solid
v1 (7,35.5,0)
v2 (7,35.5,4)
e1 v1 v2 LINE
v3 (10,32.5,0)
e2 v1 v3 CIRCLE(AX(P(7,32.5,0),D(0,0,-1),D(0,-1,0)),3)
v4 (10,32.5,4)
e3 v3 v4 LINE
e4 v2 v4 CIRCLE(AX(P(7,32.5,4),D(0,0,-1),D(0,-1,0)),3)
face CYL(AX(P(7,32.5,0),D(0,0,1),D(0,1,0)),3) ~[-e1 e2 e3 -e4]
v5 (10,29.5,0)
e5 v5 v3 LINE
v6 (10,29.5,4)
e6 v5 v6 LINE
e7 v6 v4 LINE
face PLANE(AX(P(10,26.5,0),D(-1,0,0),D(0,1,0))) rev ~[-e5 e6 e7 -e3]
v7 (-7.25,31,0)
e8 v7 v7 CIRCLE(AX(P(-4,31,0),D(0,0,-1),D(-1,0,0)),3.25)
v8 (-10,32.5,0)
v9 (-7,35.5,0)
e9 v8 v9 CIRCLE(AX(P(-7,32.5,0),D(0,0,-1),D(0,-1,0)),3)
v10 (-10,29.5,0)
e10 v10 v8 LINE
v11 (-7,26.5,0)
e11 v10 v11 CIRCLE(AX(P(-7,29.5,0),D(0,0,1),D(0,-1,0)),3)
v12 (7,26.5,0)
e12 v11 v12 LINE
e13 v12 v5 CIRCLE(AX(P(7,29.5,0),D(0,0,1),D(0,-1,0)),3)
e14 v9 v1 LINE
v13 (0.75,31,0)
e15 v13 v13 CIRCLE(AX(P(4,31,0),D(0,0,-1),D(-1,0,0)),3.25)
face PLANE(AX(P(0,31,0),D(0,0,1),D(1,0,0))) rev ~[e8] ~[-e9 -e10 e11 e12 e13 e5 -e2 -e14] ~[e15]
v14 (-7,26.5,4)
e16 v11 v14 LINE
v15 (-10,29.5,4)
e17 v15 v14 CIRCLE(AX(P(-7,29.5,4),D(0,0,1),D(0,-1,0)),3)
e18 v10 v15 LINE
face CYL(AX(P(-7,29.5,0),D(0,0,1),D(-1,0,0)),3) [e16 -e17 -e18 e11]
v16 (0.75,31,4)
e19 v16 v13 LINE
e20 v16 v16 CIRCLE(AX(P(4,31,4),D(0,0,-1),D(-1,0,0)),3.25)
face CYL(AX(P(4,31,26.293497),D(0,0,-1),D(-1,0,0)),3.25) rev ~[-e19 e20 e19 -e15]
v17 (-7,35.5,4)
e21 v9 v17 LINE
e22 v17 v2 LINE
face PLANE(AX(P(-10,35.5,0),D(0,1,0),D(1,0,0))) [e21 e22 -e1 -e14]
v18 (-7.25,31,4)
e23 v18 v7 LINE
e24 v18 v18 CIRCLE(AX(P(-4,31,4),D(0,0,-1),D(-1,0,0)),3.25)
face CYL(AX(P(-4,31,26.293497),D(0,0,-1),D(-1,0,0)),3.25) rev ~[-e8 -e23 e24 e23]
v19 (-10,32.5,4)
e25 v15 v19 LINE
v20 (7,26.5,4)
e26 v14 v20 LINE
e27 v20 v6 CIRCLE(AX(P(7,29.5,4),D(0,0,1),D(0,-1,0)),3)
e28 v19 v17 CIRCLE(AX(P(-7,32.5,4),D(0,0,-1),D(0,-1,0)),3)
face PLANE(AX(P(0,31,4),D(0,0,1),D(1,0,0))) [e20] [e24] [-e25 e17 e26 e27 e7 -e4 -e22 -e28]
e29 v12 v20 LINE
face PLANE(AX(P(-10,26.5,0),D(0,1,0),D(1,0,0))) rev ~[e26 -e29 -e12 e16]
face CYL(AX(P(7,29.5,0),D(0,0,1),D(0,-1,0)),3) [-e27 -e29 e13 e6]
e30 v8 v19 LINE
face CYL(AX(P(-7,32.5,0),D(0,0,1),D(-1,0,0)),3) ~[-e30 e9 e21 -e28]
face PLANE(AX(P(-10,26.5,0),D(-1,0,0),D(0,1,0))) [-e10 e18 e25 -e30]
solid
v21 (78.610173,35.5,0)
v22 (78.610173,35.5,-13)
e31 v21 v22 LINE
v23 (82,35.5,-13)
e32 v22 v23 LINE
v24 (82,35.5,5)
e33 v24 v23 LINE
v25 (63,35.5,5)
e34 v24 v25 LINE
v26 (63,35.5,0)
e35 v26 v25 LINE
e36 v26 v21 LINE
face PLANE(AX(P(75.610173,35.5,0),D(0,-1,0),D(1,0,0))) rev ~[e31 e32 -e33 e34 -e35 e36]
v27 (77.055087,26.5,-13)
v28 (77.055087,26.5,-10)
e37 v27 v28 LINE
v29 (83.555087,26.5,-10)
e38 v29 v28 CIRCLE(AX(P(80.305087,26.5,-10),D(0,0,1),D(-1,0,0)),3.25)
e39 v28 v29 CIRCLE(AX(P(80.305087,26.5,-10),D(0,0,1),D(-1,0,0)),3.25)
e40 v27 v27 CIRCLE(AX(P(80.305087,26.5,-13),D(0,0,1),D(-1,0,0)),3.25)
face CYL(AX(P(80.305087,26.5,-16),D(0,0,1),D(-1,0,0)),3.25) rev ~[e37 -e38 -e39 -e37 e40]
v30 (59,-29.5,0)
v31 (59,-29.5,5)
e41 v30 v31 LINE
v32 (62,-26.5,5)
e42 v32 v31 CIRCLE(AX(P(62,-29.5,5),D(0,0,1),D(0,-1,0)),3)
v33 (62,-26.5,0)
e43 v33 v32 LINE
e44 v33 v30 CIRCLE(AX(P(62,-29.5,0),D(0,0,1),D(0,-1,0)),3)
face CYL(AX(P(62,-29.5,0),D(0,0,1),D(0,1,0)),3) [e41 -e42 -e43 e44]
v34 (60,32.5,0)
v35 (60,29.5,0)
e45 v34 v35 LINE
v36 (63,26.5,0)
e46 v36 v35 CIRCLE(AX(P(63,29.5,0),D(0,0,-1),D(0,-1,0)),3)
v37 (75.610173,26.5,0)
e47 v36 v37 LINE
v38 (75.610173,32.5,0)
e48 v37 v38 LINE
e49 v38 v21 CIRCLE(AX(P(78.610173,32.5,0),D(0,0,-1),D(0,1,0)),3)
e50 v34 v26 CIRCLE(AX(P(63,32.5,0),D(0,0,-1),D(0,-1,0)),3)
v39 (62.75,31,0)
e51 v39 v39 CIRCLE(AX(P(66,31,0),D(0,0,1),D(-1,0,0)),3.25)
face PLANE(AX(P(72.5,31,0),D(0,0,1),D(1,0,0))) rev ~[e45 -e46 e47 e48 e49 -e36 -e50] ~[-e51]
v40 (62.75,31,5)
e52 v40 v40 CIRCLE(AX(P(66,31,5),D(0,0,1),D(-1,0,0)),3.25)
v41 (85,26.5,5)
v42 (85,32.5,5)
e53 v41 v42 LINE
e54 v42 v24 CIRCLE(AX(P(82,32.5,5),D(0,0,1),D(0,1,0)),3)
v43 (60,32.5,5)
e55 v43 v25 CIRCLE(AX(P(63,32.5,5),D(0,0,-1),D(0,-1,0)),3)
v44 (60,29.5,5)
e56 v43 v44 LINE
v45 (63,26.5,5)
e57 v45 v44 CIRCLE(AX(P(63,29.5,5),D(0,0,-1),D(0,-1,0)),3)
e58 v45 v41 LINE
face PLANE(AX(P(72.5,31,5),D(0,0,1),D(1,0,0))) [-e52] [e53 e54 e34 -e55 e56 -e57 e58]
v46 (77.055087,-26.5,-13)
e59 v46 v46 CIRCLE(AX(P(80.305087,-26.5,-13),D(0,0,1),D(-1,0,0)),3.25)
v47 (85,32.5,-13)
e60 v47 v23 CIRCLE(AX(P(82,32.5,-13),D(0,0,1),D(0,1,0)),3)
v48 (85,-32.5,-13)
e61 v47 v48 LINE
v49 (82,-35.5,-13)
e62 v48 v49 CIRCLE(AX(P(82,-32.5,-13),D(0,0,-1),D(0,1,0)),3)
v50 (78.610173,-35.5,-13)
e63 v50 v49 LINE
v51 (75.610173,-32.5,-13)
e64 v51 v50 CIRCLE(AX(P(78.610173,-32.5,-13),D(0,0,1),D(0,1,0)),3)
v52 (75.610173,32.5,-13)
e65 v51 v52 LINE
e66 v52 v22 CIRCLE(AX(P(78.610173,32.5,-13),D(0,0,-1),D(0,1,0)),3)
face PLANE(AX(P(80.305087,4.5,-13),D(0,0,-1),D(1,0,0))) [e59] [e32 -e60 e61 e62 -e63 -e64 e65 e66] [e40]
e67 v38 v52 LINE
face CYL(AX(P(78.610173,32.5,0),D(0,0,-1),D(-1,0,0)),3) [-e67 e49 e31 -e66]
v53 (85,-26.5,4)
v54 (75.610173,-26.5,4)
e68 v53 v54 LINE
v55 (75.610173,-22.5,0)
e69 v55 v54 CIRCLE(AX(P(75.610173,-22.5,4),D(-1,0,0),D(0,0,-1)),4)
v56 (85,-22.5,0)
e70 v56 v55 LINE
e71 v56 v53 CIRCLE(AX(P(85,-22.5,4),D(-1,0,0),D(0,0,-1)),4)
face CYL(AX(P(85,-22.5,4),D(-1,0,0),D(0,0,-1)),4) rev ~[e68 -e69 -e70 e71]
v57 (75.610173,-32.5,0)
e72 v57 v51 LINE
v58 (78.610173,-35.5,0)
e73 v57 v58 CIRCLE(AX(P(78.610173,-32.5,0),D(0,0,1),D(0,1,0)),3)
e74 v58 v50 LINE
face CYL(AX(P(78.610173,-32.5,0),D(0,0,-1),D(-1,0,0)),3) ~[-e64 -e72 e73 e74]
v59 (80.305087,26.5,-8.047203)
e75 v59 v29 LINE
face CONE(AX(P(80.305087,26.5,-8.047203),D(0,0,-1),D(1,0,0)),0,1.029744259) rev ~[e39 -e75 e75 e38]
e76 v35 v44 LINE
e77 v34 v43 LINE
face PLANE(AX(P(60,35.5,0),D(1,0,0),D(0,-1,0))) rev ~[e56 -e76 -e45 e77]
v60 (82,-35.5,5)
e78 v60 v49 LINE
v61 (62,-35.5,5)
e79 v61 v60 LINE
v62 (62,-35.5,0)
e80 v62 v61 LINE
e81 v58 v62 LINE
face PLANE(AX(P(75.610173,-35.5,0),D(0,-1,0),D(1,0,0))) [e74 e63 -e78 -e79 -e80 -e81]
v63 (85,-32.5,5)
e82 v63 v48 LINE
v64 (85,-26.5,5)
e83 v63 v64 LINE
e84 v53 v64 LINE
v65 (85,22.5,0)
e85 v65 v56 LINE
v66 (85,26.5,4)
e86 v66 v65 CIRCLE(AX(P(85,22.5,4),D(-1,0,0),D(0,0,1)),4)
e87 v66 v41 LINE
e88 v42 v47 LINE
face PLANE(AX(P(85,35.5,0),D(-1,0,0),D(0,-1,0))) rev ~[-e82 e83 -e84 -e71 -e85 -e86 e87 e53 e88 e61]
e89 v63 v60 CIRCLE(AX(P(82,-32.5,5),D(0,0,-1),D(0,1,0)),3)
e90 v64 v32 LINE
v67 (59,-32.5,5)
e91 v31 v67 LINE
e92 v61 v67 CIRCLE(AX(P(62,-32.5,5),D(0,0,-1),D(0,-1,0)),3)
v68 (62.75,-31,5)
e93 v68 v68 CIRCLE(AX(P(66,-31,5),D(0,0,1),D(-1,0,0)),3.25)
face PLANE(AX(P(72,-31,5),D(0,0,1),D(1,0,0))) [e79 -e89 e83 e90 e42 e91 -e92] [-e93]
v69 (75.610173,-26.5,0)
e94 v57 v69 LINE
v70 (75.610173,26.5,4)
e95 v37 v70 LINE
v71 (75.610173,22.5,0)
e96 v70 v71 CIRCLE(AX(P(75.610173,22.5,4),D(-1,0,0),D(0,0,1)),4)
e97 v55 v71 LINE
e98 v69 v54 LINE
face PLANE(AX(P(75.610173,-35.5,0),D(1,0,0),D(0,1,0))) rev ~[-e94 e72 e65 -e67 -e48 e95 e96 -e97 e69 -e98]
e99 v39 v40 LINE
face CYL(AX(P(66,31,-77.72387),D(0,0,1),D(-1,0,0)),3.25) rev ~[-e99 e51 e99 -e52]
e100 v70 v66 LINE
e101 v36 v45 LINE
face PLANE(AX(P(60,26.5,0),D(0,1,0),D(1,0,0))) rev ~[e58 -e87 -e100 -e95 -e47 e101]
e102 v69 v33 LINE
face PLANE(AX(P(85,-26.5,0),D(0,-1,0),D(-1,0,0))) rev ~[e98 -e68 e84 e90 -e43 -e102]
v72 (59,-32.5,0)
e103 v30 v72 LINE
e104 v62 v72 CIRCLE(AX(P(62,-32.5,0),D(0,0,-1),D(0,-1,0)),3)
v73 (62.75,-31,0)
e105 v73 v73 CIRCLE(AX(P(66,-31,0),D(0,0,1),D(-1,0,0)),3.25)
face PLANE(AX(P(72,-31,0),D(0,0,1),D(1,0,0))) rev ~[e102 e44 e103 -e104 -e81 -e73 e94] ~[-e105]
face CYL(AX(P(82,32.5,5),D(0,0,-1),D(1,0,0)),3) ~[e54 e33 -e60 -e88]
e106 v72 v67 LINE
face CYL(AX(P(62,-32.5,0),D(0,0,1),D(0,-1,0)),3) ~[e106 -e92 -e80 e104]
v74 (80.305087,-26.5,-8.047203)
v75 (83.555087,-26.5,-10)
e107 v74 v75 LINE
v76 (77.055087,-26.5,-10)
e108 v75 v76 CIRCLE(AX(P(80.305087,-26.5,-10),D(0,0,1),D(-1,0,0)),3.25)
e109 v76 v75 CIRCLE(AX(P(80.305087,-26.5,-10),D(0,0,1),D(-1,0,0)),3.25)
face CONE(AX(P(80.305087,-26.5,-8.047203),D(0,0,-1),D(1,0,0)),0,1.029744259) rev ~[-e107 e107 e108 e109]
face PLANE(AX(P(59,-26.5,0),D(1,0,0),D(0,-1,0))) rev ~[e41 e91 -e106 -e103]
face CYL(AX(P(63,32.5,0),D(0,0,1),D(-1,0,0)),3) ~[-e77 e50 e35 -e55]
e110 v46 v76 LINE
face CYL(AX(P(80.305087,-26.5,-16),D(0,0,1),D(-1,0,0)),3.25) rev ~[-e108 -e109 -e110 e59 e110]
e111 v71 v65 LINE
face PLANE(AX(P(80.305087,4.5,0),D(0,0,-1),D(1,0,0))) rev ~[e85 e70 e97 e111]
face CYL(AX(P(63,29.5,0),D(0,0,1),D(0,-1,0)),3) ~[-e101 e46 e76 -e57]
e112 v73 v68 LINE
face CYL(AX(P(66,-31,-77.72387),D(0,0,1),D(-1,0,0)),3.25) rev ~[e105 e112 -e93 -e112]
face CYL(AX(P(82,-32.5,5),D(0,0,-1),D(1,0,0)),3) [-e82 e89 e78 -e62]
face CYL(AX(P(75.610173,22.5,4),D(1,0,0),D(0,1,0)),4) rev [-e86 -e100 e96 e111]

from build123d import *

# Parameters (mm, degrees)
F0_W      = 20
F0_H      = 9
F1_DEPTH  = 4
F3_D      = 6.5
F4_R      = 3
F6_DEPTH  = 5
F7_W      = 9.3898265034
F7_H      = 62
F7_H_2    = 9
F8_DEPTH  = 13
F10_R     = 4
F11_R     = 3
F12_D     = 6.5
F14_D     = 6.5
F14_DEPTH = 3
F14_TIP   = 1.9527970118


with BuildPart() as f1:
    # F0 (on Top) → F1 (new body)
    with BuildSketch(Plane.XY):
        with Locations((0, 31)):
            Rectangle(F0_W, F0_H)
    extrude(amount=F1_DEPTH)

    # F3 (through all)
    with Locations(Plane.XY.offset(4)):
        with Locations((-4, 31), (4, 31)):
            Hole(F3_D / 2)

    # F4
    f4_edges = [f1.edges().sort_by_distance(p)[0] for p in [
        (10, 35.5, 2),
        (10, 26.5, 2),
        (-10, 26.5, 2),
        (-10, 35.5, 2),
    ]]
    fillet(f4_edges, radius=F4_R)


with BuildPart() as f6:
    # F5 (on Top) → F6 (new body)
    with BuildSketch(Plane.XY):
        Polygon((60, 35.5), (60, 26.5), (75.6101734966, 26.5), (85, 26.5), (85, 35.5), (75.6101734966, 35.5), align=None)
    extrude(amount=F6_DEPTH)


with BuildPart() as f6b:
    # F5 (on Top) → F6, piece 2 (new body)
    with BuildSketch(Plane.XY):
        Polygon((59, -35.5), (75.6101734966, -35.5), (85, -35.5), (85, -26.5), (75.6101734966, -26.5), (59, -26.5), align=None)
    extrude(amount=F6_DEPTH)


with BuildPart() as f8:
    # F7 (on face) → F8 (new body)
    with BuildSketch(Plane(origin=(0, 0, 0), x_dir=(1, 0, 0), z_dir=(0, 0, -1))):
        with Locations((80.3050867483, -4.5)):
            Rectangle(F7_W, F7_H)
        with Locations((80.3050867483, 31)):
            Rectangle(F7_W, F7_H_2)
    extrude(amount=F8_DEPTH)


with BuildPart() as f6_1:
    add(f6.part)

    # F9: union F6b, F8
    add(f6b.part)
    add(f8.part)

    # F10
    f10_edges = [f6_1.edges().sort_by_distance(p)[0] for p in [
        (80.305087, 26.5, 0),
        (80.305087, -26.5, 0),
    ]]
    fillet(f10_edges, radius=F10_R)

    # F11
    f11_edges = [f6_1.edges().sort_by_distance(p)[0] for p in [
        (60, 26.5, 2.5),
        (60, 35.5, 2.5),
        (85, 35.5, -4),
        (85, -35.5, -4),
        (59, -35.5, 2.5),
        (59, -26.5, 2.5),
        (75.610173, 35.5, -6.5),
        (75.610173, -35.5, -6.5),
    ]]
    fillet(f11_edges, radius=F11_R)

    # F12 (through all)
    with Locations(Plane(origin=(0, 0, 0), x_dir=(1, 0, 0), z_dir=(0, 0, -1))):
        with Locations((66, -31), (66, 31)):
            Hole(F12_D / 2)

    # F14
    with Locations(Plane(origin=(0, 0, -13), x_dir=(1, 0, 0), z_dir=(0, 0, -1))):
        with Locations((80.3050867483, 26.5), (80.3050867483, -26.5)):
            Hole(F14_D / 2, depth=F14_DEPTH)
            with Locations((0, 0, -(F14_DEPTH + F14_TIP / 2))):  # 118° drill point
                Cone(0, F14_D / 2, F14_TIP, mode=Mode.SUBTRACT)


solid = Compound([f1.part, f6_1.part])
